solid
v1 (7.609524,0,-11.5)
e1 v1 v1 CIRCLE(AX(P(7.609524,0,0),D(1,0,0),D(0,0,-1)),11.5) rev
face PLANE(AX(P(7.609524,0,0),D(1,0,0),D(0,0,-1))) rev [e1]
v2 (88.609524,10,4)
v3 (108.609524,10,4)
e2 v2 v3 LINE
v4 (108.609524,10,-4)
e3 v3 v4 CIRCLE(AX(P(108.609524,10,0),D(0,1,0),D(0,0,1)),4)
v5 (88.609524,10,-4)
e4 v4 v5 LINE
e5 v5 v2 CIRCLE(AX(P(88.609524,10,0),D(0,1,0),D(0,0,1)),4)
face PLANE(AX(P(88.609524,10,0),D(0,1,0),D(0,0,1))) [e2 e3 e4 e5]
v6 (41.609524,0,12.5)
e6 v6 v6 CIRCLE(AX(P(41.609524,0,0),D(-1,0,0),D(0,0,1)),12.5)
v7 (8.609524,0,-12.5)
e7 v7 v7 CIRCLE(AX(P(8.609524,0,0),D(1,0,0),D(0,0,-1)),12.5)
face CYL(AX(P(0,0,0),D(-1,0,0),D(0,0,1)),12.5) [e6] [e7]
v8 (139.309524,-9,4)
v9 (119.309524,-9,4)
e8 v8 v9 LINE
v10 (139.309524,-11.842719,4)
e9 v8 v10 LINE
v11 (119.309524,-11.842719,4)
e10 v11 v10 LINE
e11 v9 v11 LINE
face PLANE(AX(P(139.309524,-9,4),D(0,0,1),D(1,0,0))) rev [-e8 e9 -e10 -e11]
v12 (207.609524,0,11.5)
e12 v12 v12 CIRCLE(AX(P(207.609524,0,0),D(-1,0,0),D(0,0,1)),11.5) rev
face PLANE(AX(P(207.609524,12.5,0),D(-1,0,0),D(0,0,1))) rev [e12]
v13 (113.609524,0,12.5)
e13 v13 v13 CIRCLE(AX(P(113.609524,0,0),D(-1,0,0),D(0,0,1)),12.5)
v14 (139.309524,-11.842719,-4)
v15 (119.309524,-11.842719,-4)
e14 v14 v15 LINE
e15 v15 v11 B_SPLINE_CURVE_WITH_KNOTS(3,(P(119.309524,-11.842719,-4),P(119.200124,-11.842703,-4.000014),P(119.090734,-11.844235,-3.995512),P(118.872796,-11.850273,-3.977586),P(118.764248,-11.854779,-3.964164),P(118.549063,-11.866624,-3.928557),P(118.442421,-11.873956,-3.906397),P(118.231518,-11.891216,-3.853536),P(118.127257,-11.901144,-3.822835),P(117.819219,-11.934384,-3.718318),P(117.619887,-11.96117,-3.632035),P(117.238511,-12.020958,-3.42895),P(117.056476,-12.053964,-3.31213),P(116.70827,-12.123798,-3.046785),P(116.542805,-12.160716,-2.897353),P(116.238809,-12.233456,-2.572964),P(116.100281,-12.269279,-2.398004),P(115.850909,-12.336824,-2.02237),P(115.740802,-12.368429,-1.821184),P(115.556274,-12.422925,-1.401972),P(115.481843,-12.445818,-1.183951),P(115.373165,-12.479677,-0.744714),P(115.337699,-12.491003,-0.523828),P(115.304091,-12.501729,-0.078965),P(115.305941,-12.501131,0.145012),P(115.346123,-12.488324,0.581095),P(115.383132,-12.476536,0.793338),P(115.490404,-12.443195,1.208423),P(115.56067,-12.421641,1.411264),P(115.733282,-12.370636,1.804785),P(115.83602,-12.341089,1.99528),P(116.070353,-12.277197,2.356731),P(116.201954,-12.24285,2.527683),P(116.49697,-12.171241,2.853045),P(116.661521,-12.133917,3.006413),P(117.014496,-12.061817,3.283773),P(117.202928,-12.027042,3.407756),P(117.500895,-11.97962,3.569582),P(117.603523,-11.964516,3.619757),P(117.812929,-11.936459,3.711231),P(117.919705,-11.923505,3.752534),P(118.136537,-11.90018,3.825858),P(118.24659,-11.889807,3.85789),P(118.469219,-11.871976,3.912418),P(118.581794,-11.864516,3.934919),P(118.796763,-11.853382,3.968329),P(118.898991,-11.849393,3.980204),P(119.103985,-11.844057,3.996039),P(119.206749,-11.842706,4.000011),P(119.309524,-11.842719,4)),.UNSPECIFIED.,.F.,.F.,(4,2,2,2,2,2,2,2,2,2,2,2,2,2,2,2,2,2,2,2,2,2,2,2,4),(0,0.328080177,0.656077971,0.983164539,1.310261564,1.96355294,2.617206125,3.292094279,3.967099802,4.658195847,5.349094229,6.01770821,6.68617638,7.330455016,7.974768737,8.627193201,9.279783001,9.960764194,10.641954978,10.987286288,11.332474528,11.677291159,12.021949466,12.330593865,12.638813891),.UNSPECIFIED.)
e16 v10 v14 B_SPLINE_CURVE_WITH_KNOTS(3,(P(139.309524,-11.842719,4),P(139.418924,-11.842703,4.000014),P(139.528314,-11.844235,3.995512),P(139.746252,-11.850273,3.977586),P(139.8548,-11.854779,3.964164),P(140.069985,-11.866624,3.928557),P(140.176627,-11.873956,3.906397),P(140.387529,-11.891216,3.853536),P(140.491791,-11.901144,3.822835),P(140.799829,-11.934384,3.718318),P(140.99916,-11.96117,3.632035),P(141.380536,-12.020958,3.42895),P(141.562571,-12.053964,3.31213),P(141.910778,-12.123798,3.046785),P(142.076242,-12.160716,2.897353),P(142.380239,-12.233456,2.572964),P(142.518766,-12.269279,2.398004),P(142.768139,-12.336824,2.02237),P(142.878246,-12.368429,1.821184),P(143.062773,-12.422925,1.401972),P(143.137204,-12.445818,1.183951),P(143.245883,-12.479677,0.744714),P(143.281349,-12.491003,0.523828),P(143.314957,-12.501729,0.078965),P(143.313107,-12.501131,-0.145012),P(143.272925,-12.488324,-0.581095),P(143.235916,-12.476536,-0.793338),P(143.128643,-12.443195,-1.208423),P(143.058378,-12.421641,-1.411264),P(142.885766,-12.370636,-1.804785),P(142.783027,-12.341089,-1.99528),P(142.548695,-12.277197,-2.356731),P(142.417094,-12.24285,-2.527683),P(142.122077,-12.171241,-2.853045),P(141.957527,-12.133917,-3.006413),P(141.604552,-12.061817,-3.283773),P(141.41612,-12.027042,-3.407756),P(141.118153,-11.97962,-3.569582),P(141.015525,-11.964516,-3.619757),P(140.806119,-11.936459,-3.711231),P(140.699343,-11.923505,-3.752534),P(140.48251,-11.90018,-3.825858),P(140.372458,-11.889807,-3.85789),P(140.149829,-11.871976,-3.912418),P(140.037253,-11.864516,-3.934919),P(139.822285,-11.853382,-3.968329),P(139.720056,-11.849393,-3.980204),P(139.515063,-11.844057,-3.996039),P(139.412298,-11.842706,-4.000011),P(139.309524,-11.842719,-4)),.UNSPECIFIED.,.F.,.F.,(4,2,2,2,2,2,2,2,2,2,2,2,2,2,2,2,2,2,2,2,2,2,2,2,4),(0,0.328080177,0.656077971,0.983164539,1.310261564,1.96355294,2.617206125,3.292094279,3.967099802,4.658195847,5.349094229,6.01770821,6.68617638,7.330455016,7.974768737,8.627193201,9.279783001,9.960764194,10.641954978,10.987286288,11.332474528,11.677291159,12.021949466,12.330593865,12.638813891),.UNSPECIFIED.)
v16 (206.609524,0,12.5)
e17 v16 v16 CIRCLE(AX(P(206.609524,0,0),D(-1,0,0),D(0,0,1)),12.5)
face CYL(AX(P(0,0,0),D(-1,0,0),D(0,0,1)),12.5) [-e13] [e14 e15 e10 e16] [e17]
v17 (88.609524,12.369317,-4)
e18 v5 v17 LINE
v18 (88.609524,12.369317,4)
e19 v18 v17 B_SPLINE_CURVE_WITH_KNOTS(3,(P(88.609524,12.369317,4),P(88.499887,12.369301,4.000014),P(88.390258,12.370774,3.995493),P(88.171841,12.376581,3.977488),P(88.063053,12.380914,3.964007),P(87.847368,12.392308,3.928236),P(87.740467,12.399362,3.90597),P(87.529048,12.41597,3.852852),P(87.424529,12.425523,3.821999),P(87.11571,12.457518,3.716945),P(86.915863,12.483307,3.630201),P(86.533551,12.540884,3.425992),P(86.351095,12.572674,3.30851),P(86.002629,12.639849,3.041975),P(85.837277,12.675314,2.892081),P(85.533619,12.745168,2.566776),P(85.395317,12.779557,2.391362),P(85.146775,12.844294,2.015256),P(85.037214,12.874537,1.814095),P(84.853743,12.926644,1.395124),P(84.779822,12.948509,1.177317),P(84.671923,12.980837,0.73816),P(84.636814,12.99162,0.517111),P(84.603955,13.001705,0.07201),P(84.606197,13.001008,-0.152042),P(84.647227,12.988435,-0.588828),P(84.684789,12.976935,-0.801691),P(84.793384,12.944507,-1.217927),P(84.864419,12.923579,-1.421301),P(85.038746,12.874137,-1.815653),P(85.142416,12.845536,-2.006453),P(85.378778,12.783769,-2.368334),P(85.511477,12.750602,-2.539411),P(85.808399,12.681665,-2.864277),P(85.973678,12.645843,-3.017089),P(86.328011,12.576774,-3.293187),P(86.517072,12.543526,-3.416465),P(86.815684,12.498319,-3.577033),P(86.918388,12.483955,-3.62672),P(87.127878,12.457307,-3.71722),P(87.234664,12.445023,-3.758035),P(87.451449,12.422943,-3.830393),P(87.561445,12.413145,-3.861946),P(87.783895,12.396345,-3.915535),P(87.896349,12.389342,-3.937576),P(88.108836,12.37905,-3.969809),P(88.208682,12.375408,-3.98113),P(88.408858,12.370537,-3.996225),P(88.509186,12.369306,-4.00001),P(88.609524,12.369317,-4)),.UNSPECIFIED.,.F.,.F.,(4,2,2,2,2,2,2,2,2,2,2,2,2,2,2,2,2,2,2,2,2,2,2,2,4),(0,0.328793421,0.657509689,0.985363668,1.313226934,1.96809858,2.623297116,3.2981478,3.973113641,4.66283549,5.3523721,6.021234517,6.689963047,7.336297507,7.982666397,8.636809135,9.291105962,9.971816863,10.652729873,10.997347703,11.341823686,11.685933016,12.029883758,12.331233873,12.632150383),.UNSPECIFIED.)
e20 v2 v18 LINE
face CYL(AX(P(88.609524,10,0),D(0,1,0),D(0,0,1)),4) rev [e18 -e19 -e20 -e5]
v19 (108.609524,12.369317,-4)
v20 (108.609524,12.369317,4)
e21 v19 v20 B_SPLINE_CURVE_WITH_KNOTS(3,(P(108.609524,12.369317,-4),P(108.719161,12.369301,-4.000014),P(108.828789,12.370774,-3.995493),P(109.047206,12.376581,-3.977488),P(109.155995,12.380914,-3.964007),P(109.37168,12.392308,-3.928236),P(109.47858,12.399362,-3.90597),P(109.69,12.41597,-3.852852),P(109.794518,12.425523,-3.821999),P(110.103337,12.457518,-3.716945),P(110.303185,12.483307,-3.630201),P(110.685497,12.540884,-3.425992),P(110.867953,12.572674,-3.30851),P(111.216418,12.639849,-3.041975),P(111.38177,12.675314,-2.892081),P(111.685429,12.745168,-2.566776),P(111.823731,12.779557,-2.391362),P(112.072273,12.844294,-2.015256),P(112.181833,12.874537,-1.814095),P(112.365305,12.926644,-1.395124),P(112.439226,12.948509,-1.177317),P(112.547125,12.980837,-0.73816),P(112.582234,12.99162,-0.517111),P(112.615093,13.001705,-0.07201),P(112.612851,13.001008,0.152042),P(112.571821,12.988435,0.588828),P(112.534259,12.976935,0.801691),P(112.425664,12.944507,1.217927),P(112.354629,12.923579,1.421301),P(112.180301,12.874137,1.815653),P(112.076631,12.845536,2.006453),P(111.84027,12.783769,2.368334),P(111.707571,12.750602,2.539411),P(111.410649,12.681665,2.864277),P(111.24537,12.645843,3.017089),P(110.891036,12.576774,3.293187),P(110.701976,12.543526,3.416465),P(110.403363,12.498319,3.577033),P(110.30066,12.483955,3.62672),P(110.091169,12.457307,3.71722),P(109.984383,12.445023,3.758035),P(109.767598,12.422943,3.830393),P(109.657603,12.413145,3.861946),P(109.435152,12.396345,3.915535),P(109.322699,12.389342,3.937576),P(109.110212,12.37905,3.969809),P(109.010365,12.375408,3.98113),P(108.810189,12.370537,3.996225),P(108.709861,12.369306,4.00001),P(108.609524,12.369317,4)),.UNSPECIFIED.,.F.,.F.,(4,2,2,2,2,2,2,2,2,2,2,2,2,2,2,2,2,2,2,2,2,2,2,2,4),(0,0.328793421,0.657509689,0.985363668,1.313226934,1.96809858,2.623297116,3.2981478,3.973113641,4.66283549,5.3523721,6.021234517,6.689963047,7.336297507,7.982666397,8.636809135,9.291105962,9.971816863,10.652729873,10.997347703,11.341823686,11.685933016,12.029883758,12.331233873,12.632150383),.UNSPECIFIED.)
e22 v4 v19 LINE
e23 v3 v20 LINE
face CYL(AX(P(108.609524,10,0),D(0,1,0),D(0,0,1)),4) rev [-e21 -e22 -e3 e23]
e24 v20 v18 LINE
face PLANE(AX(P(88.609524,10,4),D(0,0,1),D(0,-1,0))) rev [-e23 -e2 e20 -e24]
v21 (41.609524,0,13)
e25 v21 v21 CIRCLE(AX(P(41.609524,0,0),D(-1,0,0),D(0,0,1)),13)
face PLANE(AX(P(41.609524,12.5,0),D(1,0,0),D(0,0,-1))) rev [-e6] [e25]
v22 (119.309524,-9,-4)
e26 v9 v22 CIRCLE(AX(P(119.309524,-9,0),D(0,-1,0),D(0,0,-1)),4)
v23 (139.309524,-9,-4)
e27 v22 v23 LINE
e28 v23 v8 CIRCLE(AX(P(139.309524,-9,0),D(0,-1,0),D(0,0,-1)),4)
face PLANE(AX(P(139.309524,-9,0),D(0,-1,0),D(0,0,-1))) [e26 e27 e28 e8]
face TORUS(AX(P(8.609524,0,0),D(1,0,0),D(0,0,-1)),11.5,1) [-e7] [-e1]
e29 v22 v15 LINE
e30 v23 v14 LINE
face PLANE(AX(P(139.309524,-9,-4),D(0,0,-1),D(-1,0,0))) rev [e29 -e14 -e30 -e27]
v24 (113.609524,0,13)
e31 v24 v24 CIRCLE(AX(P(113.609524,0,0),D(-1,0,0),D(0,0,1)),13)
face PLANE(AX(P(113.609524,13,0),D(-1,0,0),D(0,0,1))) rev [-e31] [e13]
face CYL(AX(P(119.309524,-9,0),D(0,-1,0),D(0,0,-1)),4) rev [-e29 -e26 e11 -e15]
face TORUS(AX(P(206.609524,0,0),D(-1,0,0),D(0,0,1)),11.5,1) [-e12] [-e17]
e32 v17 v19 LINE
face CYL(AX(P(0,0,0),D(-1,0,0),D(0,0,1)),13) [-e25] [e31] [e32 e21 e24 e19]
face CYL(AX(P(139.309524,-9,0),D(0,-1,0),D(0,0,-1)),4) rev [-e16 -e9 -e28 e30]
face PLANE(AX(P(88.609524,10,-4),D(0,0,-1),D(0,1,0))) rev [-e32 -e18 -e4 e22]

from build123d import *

# Parameters (mm, degrees)
CUT_EXTRUDE27_DEPTH = 3.5
FILLET2_R           = 1
FILLET3_R           = 1
CUT_EXTRUDE29_DEPTH = 3


with BuildPart() as part:
    # Sketch1 → Revolve1 (revolve)
    with BuildSketch(Plane.XY):
        Polygon((7.60952381, 0), (7.60952381, 12.5), (41.60952381, 12.5), (41.60952381, 13), (113.60952381, 13), (113.60952381, 12.5), (207.60952381, 12.5), (207.60952381, 0), align=None)
    revolve(axis=Axis((0, 0, 0), (1, 0, 0)))

    # Sketch16 → Cut-Extrude27 (cut)
    with BuildSketch(Plane(origin=(0, -12.5, 0), x_dir=(-1, 0, 0), z_dir=(0, -1, 0))):
        with BuildLine():
            Line((-139.30952381, 4), (-119.30952381, 4))
            ThreePointArc((-119.30952381, 4), (-115.30952381, 0), (-119.30952381, -4))
            Line((-119.30952381, -4), (-139.30952381, -4))
            ThreePointArc((-139.30952381, -4), (-143.30952381, 0), (-139.30952381, 4))
        make_face()
    extrude(amount=-CUT_EXTRUDE27_DEPTH, mode=Mode.SUBTRACT)

    # Fillet2
    fillet2_edges = [part.edges().sort_by_distance(p)[0] for p in [
        (207.60952381, -12.5, 0),
    ]]
    fillet(fillet2_edges, radius=FILLET2_R)

    # Fillet3
    fillet3_edges = [part.edges().sort_by_distance(p)[0] for p in [
        (7.60952381, -12.5, 0),
    ]]
    fillet(fillet3_edges, radius=FILLET3_R)

    # Sketch20 → Cut-Extrude29 (cut)
    with BuildSketch(Plane(origin=(0, 13, 0), x_dir=(1, 0, 0), z_dir=(0, 1, 0))):
        with BuildLine():
            Line((88.60952381, 4), (108.60952381, 4))
            ThreePointArc((108.60952381, 4), (112.60952381, 0), (108.60952381, -4))
            Line((108.60952381, -4), (88.60952381, -4))
            ThreePointArc((88.60952381, -4), (84.60952381, 0), (88.60952381, 4))
        make_face()
    extrude(amount=-CUT_EXTRUDE29_DEPTH, mode=Mode.SUBTRACT)


solid = part.part
